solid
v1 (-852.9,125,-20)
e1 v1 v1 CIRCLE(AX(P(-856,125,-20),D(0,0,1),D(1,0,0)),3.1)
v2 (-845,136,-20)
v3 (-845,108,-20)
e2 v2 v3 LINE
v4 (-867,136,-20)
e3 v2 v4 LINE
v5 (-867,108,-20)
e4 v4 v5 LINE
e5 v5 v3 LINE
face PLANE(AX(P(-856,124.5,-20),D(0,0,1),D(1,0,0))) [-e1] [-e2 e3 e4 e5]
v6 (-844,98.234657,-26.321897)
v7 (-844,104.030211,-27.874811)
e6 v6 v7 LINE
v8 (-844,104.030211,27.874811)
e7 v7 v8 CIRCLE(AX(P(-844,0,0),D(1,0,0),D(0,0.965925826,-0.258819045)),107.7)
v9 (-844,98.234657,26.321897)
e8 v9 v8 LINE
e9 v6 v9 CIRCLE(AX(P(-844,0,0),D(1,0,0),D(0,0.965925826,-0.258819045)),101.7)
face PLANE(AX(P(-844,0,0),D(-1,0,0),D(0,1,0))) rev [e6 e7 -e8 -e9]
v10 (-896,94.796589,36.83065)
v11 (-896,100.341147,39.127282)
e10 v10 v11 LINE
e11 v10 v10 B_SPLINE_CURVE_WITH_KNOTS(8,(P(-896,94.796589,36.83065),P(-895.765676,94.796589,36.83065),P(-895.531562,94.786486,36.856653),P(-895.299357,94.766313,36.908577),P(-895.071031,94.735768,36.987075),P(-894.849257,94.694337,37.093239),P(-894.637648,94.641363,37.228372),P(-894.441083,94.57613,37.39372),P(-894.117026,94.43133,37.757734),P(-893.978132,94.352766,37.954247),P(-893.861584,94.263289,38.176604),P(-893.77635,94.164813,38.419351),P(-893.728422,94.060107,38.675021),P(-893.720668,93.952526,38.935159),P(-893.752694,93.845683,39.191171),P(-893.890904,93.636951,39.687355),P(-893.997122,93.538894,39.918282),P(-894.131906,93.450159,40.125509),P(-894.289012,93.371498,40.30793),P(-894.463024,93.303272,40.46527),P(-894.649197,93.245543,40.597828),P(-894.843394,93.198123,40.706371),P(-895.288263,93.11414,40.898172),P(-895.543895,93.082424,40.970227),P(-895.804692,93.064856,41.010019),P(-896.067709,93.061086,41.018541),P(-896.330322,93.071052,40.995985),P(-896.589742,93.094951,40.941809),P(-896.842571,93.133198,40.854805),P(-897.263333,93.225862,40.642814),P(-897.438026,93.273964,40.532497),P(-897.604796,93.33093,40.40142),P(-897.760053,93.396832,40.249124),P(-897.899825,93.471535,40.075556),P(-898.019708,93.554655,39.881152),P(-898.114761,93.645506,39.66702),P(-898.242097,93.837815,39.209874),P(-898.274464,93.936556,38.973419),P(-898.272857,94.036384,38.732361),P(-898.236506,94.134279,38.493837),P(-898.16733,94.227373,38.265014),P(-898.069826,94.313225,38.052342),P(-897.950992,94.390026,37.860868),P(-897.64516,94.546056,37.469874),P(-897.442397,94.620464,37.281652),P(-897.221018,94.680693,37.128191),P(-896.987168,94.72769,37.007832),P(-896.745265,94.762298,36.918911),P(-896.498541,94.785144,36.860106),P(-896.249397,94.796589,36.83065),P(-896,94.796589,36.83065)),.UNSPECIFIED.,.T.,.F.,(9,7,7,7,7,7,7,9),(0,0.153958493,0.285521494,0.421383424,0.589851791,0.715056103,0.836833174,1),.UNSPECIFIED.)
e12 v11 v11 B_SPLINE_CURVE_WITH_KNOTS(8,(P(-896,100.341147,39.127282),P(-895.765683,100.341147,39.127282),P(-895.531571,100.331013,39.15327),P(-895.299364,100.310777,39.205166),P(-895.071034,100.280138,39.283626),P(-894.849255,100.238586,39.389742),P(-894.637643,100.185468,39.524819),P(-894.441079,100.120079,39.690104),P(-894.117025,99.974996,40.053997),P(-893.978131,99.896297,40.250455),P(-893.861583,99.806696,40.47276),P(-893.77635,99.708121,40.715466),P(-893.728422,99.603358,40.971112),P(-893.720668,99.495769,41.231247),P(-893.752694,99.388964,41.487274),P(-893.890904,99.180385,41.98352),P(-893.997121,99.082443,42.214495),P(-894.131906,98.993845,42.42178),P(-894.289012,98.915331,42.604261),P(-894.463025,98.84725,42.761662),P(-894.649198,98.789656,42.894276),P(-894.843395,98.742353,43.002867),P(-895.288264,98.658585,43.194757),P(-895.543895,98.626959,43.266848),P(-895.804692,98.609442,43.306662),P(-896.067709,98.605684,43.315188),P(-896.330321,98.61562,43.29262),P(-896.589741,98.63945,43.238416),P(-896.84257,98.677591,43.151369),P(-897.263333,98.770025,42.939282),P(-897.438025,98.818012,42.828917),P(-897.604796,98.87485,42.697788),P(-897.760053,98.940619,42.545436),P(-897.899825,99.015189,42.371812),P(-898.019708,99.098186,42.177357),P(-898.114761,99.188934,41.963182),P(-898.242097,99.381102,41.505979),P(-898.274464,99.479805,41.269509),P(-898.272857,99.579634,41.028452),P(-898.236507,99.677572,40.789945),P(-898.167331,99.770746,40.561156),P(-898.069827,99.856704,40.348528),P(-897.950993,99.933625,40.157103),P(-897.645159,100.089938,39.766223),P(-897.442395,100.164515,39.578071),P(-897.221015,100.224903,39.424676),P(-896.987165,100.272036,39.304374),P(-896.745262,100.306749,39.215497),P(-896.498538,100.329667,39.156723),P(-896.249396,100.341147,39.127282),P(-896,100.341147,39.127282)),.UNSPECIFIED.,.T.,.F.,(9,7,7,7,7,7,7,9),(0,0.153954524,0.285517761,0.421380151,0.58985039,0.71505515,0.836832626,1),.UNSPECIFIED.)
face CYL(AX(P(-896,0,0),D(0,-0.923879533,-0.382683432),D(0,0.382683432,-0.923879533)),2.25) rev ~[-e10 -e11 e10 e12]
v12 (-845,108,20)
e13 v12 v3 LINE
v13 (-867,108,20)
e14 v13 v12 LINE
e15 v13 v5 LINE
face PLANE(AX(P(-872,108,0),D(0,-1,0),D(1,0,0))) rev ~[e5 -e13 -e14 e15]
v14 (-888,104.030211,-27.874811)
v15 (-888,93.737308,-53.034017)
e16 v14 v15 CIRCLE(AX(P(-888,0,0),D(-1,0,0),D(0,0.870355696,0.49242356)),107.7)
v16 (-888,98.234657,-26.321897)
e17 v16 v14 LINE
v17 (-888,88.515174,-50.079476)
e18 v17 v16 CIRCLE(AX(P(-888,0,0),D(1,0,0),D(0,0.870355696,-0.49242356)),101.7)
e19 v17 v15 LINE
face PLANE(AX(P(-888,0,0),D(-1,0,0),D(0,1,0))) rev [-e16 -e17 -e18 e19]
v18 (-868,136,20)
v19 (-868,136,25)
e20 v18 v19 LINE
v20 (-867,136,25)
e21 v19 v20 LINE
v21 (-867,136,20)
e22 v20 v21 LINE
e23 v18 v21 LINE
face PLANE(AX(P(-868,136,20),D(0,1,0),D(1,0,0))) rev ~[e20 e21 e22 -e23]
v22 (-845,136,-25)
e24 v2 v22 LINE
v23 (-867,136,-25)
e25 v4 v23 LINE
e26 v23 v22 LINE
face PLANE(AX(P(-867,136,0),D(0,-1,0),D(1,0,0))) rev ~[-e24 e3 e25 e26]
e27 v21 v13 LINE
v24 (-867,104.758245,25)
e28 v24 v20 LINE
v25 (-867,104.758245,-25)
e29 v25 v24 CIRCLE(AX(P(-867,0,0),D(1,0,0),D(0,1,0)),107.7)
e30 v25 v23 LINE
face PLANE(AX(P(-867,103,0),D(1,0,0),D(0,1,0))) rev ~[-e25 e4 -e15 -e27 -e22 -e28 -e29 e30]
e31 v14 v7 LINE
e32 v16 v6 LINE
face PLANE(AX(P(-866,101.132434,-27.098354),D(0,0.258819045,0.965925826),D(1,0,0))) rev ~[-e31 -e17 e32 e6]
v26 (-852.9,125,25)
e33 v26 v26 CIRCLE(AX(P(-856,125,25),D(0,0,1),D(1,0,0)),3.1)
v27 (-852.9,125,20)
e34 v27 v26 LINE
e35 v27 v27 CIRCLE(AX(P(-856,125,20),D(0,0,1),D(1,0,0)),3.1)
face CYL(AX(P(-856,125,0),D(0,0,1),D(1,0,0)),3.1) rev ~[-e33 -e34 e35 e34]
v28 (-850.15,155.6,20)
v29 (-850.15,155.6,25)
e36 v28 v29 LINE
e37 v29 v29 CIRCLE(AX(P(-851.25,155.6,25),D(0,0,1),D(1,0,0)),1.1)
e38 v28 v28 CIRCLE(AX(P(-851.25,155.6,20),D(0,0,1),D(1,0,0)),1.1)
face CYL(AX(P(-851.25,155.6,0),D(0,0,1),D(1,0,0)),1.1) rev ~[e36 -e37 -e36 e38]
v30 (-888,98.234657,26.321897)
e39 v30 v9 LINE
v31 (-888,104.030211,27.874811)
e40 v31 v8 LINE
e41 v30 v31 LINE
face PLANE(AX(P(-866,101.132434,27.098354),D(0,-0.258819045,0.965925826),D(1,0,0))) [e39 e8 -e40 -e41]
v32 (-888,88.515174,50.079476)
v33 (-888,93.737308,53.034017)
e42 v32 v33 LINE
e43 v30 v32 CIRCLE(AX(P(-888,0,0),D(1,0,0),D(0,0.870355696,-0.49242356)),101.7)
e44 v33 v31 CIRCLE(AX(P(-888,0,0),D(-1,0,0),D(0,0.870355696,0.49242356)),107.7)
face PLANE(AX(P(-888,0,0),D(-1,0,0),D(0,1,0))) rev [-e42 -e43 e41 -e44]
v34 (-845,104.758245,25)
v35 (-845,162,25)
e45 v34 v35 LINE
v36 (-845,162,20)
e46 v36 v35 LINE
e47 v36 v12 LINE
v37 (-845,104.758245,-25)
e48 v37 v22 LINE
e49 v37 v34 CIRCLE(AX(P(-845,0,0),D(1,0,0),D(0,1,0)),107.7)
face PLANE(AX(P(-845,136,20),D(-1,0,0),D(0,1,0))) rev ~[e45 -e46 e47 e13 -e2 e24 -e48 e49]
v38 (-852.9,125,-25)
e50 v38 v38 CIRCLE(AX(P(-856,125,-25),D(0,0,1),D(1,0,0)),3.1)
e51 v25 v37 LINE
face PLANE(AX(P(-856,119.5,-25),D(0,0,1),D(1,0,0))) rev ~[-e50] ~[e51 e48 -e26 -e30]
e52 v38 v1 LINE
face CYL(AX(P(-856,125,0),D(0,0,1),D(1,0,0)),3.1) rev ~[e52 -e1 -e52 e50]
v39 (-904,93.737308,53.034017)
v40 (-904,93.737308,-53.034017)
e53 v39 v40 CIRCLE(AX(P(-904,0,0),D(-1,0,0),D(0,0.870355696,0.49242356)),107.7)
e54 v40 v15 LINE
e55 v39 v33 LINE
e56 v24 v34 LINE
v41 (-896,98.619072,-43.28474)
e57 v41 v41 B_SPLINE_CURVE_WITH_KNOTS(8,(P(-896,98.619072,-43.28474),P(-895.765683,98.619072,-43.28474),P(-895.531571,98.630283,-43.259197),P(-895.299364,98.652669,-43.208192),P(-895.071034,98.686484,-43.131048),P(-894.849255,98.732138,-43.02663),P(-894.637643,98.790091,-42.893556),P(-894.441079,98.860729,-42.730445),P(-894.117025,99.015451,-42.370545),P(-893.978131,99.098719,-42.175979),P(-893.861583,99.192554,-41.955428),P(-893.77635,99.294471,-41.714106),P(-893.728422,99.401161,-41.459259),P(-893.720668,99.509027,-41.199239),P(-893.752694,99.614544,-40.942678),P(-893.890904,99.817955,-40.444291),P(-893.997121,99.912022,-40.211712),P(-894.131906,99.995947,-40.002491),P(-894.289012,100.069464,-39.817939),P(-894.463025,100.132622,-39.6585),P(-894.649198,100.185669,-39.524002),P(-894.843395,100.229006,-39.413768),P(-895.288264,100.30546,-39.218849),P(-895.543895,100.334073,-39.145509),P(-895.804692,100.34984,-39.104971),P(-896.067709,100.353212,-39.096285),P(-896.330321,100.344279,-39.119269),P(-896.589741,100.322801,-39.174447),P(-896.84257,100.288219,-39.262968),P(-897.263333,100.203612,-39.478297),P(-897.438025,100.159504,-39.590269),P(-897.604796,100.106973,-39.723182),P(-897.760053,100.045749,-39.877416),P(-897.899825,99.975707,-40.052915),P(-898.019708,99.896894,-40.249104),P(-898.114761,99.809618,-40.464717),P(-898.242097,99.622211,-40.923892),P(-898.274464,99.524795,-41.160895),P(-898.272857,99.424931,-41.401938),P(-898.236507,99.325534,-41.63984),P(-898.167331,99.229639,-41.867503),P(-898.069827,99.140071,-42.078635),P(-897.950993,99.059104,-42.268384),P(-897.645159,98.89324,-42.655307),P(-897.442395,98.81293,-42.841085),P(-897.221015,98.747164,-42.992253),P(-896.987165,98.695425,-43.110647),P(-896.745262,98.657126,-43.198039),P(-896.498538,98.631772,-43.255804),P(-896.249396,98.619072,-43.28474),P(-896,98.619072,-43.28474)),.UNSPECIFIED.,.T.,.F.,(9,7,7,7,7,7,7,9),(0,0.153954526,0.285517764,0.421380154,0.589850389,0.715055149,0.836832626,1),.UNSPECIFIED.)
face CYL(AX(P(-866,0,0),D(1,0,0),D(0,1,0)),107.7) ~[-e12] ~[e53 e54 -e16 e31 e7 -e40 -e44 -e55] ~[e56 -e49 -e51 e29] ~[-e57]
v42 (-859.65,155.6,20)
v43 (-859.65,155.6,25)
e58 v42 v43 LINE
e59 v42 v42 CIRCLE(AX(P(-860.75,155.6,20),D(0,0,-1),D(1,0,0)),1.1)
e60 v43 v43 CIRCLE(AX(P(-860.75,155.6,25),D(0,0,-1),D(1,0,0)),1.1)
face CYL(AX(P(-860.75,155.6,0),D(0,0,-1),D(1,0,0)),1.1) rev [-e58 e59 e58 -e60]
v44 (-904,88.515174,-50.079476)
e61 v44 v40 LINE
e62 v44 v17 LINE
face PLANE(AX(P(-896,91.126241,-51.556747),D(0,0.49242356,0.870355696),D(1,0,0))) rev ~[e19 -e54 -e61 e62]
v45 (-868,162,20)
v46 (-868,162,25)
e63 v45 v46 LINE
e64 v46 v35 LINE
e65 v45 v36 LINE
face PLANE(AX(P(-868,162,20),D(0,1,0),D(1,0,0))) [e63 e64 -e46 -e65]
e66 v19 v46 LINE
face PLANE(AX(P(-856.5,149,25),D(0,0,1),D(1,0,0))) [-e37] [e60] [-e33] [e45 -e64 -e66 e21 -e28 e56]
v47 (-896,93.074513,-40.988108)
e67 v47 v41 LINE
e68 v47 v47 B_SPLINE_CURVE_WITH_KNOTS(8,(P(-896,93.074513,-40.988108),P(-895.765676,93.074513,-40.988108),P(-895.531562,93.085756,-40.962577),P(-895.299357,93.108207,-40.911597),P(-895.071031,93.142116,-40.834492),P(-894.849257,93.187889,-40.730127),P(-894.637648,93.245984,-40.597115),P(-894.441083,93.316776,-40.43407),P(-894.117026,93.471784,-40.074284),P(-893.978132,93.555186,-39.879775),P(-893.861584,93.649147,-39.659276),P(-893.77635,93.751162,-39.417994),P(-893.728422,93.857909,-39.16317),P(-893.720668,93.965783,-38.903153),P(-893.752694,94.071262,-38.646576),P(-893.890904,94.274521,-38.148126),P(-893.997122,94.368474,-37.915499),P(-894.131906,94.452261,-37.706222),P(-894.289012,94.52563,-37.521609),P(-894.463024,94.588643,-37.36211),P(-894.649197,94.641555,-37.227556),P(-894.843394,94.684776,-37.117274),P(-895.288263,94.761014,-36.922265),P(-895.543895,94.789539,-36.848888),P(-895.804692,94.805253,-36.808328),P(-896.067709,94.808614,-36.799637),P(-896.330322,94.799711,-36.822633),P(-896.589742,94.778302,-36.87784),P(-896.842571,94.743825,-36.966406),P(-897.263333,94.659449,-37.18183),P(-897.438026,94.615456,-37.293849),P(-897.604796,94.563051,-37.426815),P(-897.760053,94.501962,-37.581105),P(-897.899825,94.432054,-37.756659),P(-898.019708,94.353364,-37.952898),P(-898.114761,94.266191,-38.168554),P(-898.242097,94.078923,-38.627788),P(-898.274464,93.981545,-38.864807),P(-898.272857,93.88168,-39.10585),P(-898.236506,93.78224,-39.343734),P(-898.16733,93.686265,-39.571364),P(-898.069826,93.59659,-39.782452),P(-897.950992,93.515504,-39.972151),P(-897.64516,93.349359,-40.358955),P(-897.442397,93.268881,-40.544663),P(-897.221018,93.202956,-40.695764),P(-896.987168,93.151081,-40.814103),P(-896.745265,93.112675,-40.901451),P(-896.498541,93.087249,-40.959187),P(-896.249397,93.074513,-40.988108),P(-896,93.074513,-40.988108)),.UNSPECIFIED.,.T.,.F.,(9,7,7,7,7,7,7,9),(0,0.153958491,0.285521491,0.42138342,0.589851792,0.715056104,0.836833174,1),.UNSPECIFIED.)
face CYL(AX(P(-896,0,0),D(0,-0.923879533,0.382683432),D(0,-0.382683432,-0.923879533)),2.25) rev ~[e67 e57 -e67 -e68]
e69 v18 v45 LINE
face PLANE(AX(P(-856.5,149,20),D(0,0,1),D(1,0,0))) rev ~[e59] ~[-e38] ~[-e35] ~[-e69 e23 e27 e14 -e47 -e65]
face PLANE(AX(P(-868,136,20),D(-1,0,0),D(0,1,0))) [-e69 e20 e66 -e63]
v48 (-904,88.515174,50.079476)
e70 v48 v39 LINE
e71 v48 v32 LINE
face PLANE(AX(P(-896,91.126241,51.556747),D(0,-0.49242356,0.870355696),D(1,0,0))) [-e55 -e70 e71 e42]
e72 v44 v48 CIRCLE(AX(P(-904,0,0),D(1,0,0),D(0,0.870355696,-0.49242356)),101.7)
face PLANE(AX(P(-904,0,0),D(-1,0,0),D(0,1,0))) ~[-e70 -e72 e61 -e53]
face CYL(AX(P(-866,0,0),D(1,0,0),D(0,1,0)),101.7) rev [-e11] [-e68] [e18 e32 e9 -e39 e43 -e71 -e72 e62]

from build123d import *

# Parameters (mm, degrees)
ROW_SKETCH_W            = 16
ROW_SKETCH_H            = 6
ROW_ANGLE               = 59
HEEL_SKETCH_W           = 44
HEEL_SKETCH_H           = 6
HEEL_ANGLE              = 30
LUG_BLOCK_SKETCH_W      = 22
LUG_BLOCK_SKETCH_H      = 33
LUG_BLOCK_DEPTH         = 25
SLOT_SKETCH_W           = 32
SLOT_SKETCH_H           = 33
SLOT_DEPTH              = 20
PIN_HOLE_SKETCH_R       = 3.1
PIN_HOLE_DEPTH          = 30
TAB_SKETCH_W            = 23
TAB_SKETCH_H            = 26
TAB_DEPTH               = 5
SWITCH_HOLES_SKETCH_R   = 1.1
SWITCH_HOLES_DEPTH      = 30
SCREW_HOLE_1_SKETCH_R   = 2.25
SCREW_HOLE_1_DEPTH      = 200
SCREW_HOLE_1_SKETCH_2_R = 2.25
SCREW_HOLE_1_2_DEPTH    = 200


with BuildPart() as part:
    # Row Sketch → Row (revolve, symmetric)
    with BuildSketch(Plane.XY) as row_sk:
        with Locations((-896, 104.7)):
            Rectangle(ROW_SKETCH_W, ROW_SKETCH_H)
    revolve(axis=Axis((-3000, 0, 0), (1, 0, 0)), revolution_arc=ROW_ANGLE / 2)
    revolve(row_sk.sketch, axis=Axis((-3000, 0, 0), (-1, 0, 0)), revolution_arc=ROW_ANGLE / 2)

    # Heel Sketch → Heel (revolve, symmetric)
    with BuildSketch(Plane.XY) as heel_sk:
        with Locations((-866, 104.7)):
            Rectangle(HEEL_SKETCH_W, HEEL_SKETCH_H)
    revolve(axis=Axis((-3000, 0, 0), (1, 0, 0)), revolution_arc=HEEL_ANGLE / 2)
    revolve(heel_sk.sketch, axis=Axis((-3000, 0, 0), (-1, 0, 0)), revolution_arc=HEEL_ANGLE / 2)

    # Lug Block Sketch → Lug Block (add, symmetric)
    with BuildSketch(Plane.XY):
        with Locations((-856, 119.5)):
            Rectangle(LUG_BLOCK_SKETCH_W, LUG_BLOCK_SKETCH_H)
    extrude(amount=LUG_BLOCK_DEPTH, both=True)

    # Slot Sketch → Slot (cut, symmetric)
    with BuildSketch(Plane.XY):
        with Locations((-856, 124.5)):
            Rectangle(SLOT_SKETCH_W, SLOT_SKETCH_H)
    extrude(amount=SLOT_DEPTH, both=True, mode=Mode.SUBTRACT)

    # Pin Hole Sketch → Pin Hole (cut, symmetric)
    with BuildSketch(Plane.XY):
        with Locations((-856, 125)):
            Circle(PIN_HOLE_SKETCH_R)
    extrude(amount=PIN_HOLE_DEPTH, both=True, mode=Mode.SUBTRACT)

    # Tab Sketch → Tab (add)
    with BuildSketch(Plane.XY.offset(20)):
        with Locations((-856.5, 149)):
            Rectangle(TAB_SKETCH_W, TAB_SKETCH_H)
    extrude(amount=TAB_DEPTH)

    # Switch Holes Sketch → Switch Holes (cut, symmetric)
    with BuildSketch(Plane.XY):
        with Locations((-860.75, 155.6)):
            Circle(SWITCH_HOLES_SKETCH_R)
        with Locations((-851.25, 155.6)):
            Circle(SWITCH_HOLES_SKETCH_R)
    extrude(amount=SWITCH_HOLES_DEPTH, both=True, mode=Mode.SUBTRACT)

    # Screw Hole -1 Sketch → Screw Hole -1 (cut)
    with BuildSketch(Plane(origin=(0, 0, 0), x_dir=(-1, 0, 0), z_dir=(0, -0.9238795325112867, 0.38268343236508984))):
        with Locations((896, 0)):
            Circle(SCREW_HOLE_1_SKETCH_R)
    extrude(amount=-SCREW_HOLE_1_DEPTH, mode=Mode.SUBTRACT)

    # Screw Hole 1 Sketch 2 → Screw Hole 1 2 (cut)
    with BuildSketch(Plane(origin=(0, 0, 0), x_dir=(-1, 0, 0), z_dir=(0, -0.9238795325112867, -0.3826834323650897))):
        with Locations((896, 0)):
            Circle(SCREW_HOLE_1_SKETCH_2_R)
    extrude(amount=-SCREW_HOLE_1_2_DEPTH, mode=Mode.SUBTRACT)


solid = part.part
